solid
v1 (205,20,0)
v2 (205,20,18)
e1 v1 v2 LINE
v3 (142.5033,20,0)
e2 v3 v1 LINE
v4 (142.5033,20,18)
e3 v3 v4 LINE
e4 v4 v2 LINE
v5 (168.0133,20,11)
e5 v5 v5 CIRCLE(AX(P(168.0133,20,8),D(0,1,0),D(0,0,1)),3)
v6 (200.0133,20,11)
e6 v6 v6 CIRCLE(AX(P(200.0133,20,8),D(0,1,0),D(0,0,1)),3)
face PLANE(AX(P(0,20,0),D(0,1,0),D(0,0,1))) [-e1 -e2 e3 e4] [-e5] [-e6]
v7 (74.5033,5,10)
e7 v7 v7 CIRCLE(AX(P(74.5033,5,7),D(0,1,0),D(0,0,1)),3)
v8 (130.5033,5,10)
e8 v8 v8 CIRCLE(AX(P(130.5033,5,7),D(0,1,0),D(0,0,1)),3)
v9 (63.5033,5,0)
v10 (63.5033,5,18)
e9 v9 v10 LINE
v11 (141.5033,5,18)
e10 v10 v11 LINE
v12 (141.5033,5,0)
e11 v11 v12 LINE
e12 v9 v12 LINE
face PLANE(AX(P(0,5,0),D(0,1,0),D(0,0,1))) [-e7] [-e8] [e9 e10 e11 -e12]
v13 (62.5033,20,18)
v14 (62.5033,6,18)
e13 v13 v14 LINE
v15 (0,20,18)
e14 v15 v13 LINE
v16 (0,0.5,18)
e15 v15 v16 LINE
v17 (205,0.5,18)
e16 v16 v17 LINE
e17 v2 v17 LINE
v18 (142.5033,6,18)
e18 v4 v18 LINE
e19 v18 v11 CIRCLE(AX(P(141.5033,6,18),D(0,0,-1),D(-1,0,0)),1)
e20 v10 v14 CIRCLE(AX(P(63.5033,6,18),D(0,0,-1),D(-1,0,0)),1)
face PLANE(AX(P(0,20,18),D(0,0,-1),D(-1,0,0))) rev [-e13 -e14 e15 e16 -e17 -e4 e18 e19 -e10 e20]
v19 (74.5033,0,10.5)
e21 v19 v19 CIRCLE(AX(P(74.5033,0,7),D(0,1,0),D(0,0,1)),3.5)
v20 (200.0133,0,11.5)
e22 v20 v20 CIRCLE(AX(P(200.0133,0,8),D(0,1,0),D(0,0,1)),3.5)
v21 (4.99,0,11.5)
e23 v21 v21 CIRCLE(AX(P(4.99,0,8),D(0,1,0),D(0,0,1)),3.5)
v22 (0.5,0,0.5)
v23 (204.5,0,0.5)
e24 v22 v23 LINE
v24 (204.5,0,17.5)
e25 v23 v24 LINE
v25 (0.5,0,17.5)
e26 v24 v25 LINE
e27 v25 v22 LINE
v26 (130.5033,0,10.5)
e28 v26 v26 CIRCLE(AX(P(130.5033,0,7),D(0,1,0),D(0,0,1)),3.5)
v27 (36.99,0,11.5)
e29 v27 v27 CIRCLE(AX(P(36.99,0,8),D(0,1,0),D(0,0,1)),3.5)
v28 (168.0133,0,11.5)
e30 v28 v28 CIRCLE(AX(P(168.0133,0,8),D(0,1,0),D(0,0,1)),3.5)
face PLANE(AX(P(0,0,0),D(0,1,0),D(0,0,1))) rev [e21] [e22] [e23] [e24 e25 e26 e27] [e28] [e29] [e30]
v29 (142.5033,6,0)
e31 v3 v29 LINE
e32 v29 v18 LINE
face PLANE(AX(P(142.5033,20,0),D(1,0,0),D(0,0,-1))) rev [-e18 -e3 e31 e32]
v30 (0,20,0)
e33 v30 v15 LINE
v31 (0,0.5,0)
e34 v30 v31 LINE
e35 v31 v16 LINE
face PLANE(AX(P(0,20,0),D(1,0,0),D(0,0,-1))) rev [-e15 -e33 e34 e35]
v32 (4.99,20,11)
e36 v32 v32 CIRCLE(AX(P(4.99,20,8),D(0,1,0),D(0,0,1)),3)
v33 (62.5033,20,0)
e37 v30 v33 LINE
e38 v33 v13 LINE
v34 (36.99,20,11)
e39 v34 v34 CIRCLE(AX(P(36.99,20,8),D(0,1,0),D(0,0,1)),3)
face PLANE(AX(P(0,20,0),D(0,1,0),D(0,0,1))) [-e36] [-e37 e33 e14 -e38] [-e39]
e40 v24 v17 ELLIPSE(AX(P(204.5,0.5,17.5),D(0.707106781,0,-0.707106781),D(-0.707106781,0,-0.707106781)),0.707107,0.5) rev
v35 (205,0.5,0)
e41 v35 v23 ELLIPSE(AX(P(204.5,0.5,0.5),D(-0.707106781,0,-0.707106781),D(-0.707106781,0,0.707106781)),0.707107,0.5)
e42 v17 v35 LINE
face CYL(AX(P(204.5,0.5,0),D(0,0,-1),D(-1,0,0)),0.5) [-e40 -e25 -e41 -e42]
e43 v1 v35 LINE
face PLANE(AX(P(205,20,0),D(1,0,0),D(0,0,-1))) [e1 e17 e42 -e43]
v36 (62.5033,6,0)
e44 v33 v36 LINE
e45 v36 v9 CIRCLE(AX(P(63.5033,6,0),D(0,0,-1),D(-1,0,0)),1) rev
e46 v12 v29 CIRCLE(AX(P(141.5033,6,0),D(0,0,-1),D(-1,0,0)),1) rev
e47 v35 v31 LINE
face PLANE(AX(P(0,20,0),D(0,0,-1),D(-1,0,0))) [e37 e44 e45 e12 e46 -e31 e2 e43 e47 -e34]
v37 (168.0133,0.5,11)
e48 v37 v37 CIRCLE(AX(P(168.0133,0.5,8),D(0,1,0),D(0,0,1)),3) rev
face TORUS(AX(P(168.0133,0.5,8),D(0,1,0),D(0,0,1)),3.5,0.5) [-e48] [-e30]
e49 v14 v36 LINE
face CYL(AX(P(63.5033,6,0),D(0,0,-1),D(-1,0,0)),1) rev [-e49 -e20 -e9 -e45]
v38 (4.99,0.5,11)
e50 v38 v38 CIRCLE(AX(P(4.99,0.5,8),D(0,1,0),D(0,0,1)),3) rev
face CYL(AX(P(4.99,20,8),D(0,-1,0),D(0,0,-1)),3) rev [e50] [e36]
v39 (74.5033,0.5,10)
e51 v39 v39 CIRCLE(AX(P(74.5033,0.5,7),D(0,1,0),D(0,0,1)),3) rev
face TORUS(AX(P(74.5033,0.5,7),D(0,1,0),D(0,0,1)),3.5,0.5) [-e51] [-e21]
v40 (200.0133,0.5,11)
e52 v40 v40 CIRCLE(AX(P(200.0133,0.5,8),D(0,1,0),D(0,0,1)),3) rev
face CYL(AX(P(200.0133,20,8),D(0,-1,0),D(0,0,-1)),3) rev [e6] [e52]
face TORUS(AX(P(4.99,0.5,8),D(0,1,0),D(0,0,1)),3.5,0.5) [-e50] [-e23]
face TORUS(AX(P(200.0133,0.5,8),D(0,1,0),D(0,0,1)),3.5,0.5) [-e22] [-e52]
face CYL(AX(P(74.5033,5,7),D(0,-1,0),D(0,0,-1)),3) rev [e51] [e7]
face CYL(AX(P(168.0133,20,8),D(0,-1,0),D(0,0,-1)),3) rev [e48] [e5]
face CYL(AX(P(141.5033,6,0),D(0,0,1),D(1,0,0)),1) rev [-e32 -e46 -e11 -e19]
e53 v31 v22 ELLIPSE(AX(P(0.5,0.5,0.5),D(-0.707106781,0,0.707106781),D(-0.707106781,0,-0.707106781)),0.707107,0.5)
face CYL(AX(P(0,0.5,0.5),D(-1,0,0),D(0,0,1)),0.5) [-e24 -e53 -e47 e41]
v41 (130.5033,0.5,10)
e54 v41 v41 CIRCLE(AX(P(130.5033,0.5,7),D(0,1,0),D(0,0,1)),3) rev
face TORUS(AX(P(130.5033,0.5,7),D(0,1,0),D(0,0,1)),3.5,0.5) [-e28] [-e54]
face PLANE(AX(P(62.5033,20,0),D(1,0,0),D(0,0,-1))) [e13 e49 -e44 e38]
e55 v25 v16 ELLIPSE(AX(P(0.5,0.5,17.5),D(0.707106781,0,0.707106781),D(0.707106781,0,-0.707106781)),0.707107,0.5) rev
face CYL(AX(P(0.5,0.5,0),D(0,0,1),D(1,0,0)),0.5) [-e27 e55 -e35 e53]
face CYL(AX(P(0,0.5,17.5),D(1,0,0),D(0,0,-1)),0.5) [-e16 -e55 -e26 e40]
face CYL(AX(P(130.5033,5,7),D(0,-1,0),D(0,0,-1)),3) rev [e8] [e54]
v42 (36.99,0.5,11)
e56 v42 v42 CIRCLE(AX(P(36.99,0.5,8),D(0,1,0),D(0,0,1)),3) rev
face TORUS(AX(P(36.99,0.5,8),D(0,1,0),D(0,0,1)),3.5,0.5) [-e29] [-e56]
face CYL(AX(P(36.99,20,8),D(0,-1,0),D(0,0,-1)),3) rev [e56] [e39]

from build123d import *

# Parameters (mm, degrees)
SKETCH1_W             = 62.4967
SKETCH1_H             = 18
SKETCH1_R             = 3
BOSS_EXTRUDE1_DEPTH   = 20
SKETCH1_W_2           = 62.5033
BOSS_EXTRUDE1_2_DEPTH = 20
SKETCH1_3_W           = 80
SKETCH1_3_H           = 18
SKETCH1_3_R           = 3
BOSS_EXTRUDE2_DEPTH   = 5
FILLET1_R             = 0.5
FILLET2_R             = 1


with BuildPart() as part:
    # Sketch1 → Boss-Extrude1 (new body)
    with BuildSketch(Plane(origin=(0, 0, 0), x_dir=(1, 0, 0), z_dir=(0, 1, 0))):
        with Locations((173.75165, -9)):
            Rectangle(SKETCH1_W, SKETCH1_H)
        with Locations((168.0133, -8)):
            Circle(SKETCH1_R, mode=Mode.SUBTRACT)
        with Locations((200.0133, -8)):
            Circle(SKETCH1_R, mode=Mode.SUBTRACT)
    extrude(amount=BOSS_EXTRUDE1_DEPTH)



with BuildPart() as body_2:
    # Sketch1 → Boss-Extrude1 2 (new body)
    with BuildSketch(Plane(origin=(0, 0, 0), x_dir=(1, 0, 0), z_dir=(0, 1, 0))):
        with Locations((31.25165, -9)):
            Rectangle(SKETCH1_W_2, SKETCH1_H)
        with Locations((4.99, -8)):
            Circle(SKETCH1_R, mode=Mode.SUBTRACT)
        with Locations((36.99, -8)):
            Circle(SKETCH1_R, mode=Mode.SUBTRACT)
    extrude(amount=BOSS_EXTRUDE1_2_DEPTH)


with BuildPart() as part_1:
    add(part.part)

    add(body_2.part)  # Boss-Extrude2 merges body 2
    # Sketch1<3> → Boss-Extrude2 (add)
    with BuildSketch(Plane(origin=(0, 0, 0), x_dir=(1, 0, 0), z_dir=(0, 1, 0))):
        with Locations((102.5033, -9)):
            Rectangle(SKETCH1_3_W, SKETCH1_3_H)
        with Locations((74.5033, -7)):
            Circle(SKETCH1_3_R, mode=Mode.SUBTRACT)
        with Locations((130.5033, -7)):
            Circle(SKETCH1_3_R, mode=Mode.SUBTRACT)
    extrude(amount=BOSS_EXTRUDE2_DEPTH)

    # Fillet1
    fillet1_edges = [part_1.edges().sort_by_distance(p)[0] for p in [
        (165.0133, 0, 8),
        (197.0133, 0, 8),
        (71.5033, 0, 7),
        (127.5033, 0, 7),
        (0, 0, 9),
        (102.5, 0, 18),
        (205, 0, 9),
        (102.5, 0, 0),
        (1.99, 0, 8),
        (33.99, 0, 8),
    ]]
    fillet(fillet1_edges, radius=FILLET1_R)

    # Fillet2
    fillet2_edges = [part_1.edges().sort_by_distance(p)[0] for p in [
        (62.5033, 5, 9),
        (142.5033, 5, 9),
    ]]
    fillet(fillet2_edges, radius=FILLET2_R)


solid = part_1.part
